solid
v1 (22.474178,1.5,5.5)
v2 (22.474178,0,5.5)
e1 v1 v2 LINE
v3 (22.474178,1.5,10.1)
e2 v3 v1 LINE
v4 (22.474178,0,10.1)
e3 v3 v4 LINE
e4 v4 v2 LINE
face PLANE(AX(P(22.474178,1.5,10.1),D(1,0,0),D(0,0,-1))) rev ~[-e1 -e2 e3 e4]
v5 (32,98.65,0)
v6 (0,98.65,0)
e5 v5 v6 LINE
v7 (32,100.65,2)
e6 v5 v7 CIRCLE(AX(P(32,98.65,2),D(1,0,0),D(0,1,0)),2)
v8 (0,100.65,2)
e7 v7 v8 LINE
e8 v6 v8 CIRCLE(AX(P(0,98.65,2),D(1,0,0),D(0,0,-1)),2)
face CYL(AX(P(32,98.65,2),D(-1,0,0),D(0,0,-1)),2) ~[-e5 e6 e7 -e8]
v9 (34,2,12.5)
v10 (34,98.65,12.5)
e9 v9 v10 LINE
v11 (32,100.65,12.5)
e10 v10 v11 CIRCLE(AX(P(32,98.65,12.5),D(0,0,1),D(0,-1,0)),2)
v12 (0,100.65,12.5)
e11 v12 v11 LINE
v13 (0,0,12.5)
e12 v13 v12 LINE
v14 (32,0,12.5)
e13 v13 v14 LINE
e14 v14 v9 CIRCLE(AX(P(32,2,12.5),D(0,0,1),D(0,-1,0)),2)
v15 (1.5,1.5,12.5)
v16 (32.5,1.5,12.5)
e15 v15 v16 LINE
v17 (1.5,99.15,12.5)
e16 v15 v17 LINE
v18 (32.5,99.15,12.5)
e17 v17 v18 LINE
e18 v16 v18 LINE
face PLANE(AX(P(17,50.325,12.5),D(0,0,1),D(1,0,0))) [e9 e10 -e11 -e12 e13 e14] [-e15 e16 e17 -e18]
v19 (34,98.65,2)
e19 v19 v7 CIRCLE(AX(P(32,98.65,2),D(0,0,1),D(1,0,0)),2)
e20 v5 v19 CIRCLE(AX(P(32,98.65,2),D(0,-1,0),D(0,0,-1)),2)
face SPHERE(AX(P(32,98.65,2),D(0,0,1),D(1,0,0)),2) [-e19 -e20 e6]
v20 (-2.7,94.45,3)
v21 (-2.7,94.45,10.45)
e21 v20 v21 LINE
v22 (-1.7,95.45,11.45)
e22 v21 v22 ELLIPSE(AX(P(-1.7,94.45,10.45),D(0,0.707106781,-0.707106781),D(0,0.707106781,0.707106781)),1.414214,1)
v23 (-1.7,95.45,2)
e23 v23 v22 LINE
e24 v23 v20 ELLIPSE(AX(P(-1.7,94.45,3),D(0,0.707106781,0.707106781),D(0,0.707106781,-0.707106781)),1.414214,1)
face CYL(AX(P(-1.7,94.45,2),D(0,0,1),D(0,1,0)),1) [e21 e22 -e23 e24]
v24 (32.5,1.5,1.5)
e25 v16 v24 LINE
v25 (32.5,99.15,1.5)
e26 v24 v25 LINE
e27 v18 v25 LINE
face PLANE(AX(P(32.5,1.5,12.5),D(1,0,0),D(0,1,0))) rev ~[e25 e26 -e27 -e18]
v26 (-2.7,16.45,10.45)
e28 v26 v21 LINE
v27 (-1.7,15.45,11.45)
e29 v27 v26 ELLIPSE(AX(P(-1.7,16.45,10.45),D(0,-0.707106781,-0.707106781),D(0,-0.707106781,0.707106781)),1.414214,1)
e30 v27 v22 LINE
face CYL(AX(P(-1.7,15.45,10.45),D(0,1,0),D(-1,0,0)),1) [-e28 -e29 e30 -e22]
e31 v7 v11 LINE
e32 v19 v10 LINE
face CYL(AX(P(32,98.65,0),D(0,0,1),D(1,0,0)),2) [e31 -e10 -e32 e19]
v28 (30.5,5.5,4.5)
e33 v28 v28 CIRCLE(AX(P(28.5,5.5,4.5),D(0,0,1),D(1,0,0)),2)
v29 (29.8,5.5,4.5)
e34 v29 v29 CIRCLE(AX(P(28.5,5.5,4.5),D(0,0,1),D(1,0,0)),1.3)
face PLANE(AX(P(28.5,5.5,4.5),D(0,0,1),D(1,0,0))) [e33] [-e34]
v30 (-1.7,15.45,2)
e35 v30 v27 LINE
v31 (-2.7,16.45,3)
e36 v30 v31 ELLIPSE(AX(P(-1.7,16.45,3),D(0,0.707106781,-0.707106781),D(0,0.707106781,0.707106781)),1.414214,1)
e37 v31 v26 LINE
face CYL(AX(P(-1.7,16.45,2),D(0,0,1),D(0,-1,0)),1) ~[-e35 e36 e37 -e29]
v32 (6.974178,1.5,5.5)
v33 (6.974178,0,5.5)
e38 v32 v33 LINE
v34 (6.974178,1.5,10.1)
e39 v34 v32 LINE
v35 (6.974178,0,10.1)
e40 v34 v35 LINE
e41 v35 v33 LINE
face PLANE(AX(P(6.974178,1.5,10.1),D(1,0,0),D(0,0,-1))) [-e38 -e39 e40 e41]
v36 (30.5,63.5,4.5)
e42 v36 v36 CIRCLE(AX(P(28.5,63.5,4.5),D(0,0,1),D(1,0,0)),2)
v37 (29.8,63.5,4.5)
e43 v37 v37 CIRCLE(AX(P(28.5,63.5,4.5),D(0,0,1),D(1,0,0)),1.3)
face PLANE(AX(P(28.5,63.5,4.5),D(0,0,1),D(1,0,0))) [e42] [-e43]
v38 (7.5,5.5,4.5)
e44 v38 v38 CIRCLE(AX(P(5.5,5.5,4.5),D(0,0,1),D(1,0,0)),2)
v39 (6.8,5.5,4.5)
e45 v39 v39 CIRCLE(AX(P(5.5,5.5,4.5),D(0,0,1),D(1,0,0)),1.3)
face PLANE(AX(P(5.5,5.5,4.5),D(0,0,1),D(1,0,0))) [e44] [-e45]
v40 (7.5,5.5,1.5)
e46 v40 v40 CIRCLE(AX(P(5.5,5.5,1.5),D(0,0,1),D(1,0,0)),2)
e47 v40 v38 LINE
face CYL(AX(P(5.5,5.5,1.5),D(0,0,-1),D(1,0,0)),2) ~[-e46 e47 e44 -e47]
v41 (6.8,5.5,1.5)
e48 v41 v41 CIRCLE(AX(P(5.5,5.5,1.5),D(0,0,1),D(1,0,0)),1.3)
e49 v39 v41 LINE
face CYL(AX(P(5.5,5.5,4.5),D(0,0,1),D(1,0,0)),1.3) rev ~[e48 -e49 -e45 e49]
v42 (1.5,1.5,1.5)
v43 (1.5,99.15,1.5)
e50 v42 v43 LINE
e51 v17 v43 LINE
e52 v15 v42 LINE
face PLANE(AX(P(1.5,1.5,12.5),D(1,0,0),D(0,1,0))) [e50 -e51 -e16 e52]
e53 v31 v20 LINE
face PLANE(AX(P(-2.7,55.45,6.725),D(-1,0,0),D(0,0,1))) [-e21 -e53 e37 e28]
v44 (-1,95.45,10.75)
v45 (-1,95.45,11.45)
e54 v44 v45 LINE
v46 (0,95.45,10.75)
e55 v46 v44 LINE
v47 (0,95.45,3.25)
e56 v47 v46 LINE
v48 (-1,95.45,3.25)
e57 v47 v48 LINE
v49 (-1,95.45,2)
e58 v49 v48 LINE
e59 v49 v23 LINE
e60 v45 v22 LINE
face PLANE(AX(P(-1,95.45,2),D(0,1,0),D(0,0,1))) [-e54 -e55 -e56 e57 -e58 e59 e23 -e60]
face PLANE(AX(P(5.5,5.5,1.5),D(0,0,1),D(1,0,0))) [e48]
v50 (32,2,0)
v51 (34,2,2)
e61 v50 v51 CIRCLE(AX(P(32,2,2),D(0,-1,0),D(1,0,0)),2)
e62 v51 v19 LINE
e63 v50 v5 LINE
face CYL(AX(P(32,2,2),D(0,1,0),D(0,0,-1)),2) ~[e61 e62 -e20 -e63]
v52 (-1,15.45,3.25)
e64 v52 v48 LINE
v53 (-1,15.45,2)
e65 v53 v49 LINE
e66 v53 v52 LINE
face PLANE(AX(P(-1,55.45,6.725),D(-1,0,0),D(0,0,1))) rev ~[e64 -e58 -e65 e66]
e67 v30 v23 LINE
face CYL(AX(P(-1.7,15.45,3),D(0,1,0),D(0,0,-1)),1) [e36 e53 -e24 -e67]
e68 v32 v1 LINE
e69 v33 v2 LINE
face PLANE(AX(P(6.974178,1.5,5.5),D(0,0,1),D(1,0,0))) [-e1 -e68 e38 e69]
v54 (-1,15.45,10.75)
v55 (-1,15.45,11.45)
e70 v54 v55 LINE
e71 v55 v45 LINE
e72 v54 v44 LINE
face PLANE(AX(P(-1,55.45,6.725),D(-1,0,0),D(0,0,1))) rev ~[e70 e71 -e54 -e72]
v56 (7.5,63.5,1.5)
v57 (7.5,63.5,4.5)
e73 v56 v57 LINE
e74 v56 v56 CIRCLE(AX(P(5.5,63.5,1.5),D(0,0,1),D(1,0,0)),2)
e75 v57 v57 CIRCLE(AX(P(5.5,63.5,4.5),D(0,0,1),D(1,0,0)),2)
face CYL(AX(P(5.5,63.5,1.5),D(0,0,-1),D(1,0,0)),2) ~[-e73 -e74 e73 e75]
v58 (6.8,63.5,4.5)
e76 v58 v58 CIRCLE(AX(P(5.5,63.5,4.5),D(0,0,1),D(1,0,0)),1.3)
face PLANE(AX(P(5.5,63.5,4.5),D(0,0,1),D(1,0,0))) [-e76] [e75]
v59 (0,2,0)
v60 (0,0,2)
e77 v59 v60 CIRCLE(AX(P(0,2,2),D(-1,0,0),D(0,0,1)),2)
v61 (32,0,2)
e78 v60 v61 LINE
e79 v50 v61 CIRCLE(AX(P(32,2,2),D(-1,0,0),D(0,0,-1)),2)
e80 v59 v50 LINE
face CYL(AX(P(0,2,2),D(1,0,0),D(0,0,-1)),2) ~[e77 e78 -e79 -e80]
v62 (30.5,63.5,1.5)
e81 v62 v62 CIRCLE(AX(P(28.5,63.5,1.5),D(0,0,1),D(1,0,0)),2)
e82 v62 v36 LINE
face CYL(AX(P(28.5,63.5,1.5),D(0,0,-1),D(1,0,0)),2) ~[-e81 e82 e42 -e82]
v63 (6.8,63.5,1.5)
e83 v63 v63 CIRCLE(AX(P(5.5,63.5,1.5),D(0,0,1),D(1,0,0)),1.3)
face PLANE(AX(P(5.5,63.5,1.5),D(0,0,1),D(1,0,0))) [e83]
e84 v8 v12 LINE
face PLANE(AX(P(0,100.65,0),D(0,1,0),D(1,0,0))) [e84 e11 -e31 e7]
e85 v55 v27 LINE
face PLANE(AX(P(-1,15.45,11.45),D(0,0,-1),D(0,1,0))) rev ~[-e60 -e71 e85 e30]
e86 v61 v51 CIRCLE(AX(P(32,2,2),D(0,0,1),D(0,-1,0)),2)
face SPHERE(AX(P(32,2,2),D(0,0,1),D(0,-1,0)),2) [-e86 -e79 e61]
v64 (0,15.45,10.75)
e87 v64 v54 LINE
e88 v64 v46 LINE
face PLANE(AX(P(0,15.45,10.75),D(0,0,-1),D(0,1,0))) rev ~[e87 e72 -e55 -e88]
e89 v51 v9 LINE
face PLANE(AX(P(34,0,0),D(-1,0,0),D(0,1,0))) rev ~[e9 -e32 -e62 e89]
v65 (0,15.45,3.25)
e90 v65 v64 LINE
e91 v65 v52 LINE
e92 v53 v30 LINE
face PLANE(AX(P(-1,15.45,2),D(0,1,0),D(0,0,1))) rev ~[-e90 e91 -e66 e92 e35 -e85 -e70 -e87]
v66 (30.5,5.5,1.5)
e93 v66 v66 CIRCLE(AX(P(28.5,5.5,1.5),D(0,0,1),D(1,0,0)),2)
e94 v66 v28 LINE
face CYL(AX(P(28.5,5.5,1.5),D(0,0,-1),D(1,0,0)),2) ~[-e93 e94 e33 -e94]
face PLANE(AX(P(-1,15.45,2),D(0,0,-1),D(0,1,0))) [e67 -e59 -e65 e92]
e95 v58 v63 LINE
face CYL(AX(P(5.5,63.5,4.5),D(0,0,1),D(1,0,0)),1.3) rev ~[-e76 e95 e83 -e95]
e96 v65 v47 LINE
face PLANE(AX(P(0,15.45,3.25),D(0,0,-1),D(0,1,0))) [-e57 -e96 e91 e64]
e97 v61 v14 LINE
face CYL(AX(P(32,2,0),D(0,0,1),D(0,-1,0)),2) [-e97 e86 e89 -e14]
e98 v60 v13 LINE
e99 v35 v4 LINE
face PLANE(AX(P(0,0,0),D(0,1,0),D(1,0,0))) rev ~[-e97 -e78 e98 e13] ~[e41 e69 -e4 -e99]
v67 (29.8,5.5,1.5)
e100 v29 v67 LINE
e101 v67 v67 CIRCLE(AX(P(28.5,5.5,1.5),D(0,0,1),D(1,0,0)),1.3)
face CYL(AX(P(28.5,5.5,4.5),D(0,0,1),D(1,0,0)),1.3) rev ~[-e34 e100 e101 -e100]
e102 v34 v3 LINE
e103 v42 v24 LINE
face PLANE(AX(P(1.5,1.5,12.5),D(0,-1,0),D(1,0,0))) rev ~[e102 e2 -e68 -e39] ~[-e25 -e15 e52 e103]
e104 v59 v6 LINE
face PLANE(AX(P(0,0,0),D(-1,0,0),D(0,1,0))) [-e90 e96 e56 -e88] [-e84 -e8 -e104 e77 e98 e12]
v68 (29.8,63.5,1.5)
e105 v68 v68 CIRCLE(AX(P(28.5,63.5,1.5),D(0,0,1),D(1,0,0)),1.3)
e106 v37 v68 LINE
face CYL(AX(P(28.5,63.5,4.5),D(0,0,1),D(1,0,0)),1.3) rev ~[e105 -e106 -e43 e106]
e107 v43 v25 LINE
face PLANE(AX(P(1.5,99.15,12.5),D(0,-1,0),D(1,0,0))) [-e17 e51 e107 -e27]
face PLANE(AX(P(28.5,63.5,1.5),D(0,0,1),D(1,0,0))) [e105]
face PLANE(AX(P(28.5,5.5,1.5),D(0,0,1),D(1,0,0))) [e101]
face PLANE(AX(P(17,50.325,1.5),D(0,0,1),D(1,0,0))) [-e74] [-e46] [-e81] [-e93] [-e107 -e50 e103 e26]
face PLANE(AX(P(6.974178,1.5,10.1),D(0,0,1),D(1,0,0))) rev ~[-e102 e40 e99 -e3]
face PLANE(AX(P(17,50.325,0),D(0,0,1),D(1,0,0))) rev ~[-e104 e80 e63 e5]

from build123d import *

# Parameters (mm, degrees)
ESQUISSE1_W             = 34
ESQUISSE1_H             = 100.65
BOSS_EXTRU_1_DEPTH      = 12.5
ESQUISSE2_W             = 31
ESQUISSE2_H             = 97.65
ENL_V_MAT_EXTRU_1_DEPTH = 11
ESQUISSE5_R             = 2
BOSS_EXTRU_4_DEPTH      = 3
CONG_2_R                = 2
CONG_3_R                = 2
CONG_4_R                = 2
ESQUISSE7_W             = 7.5
ESQUISSE7_H             = 80
BOSS_EXTRU_6_DEPTH      = 1
ESQUISSE9_W             = 9.45
ESQUISSE9_H             = 80
BOSS_EXTRU_7_DEPTH      = 1.7
ESQUISSE11_W            = 15.5
ESQUISSE11_H            = 4.6
ENL_V_MAT_EXTRU_3_DEPTH = 3
CONG_7_R                = 1
ESQUISSE12_R            = 1.3
ENL_V_MAT_EXTRU_5_DEPTH = 3


with BuildPart() as part:
    # Esquisse1 → Boss.-Extru.1 (new body)
    with BuildSketch(Plane.XY):
        with Locations((17, 50.325)):
            Rectangle(ESQUISSE1_W, ESQUISSE1_H)
    extrude(amount=BOSS_EXTRU_1_DEPTH)

    # Esquisse2 → Enlèv. mat.-Extru.1 (cut)
    with BuildSketch(Plane.XY.offset(12.5)):
        with Locations((17, 50.325)):
            Rectangle(ESQUISSE2_W, ESQUISSE2_H)
    extrude(amount=-ENL_V_MAT_EXTRU_1_DEPTH, mode=Mode.SUBTRACT)

    # Esquisse5 → Boss.-Extru.4 (add)
    with BuildSketch(Plane.XY.offset(1.5)):
        with Locations((5.5, 63.5)):
            Circle(ESQUISSE5_R)
        with Locations((28.5, 63.5)):
            Circle(ESQUISSE5_R)
        with Locations((5.5, 5.5)):
            Circle(ESQUISSE5_R)
        with Locations((28.5, 5.5)):
            Circle(ESQUISSE5_R)
    extrude(amount=BOSS_EXTRU_4_DEPTH)

    # Congé2
    cong_2_edges = [part.edges().sort_by_distance(p)[0] for p in [
        (34, 0, 6.25),
    ]]
    fillet(cong_2_edges, radius=CONG_2_R)

    # Congé3
    cong_3_edges = [part.edges().sort_by_distance(p)[0] for p in [
        (34, 100.65, 6.25),
    ]]
    fillet(cong_3_edges, radius=CONG_3_R)

    # Congé4
    cong_4_edges = [part.edges().sort_by_distance(p)[0] for p in [
        (34, 50.325, 0),
        (33.414213562, 0.585786438, 0),
        (16, 100.65, 0),
        (33.414213562, 100.064213562, 0),
        (16, 0, 0),
    ]]
    fillet(cong_4_edges, radius=CONG_4_R)

    # Esquisse7 → Boss.-Extru.6 (add)
    with BuildSketch(Plane.ZY):
        with Locations((7, 55.45)):
            Rectangle(ESQUISSE7_W, ESQUISSE7_H)
    extrude(amount=BOSS_EXTRU_6_DEPTH)

    # Esquisse9 → Boss.-Extru.7 (add)
    with BuildSketch(Plane.ZY.offset(1)):
        with Locations((6.725, 55.45)):
            Rectangle(ESQUISSE9_W, ESQUISSE9_H)
    extrude(amount=BOSS_EXTRU_7_DEPTH)

    # Esquisse11 → Enlèv. mat.-Extru.3 (cut)
    with BuildSketch(Plane(origin=(0, 1.5, 0), x_dir=(1, 0, 0), z_dir=(0, 1, 0))):
        with Locations((14.724178104, -7.8)):
            Rectangle(ESQUISSE11_W, ESQUISSE11_H)
    extrude(amount=-ENL_V_MAT_EXTRU_3_DEPTH, mode=Mode.SUBTRACT)

    # Congé7
    cong_7_edges = [part.edges().sort_by_distance(p)[0] for p in [
        (-2.7, 55.45, 2),
        (-2.7, 15.45, 6.725),
        (-2.7, 55.45, 11.45),
        (-2.7, 95.45, 6.725),
    ]]
    fillet(cong_7_edges, radius=CONG_7_R)

    # Esquisse12 → Enlèv. mat.-Extru.5 (cut)
    with BuildSketch(Plane.XY.offset(4.5)):
        with Locations((5.5, 63.5)):
            Circle(ESQUISSE12_R)
        with Locations((28.5, 63.5)):
            Circle(ESQUISSE12_R)
        with Locations((5.5, 5.5)):
            Circle(ESQUISSE12_R)
        with Locations((28.5, 5.5)):
            Circle(ESQUISSE12_R)
    extrude(amount=-ENL_V_MAT_EXTRU_5_DEPTH, mode=Mode.SUBTRACT)


solid = part.part
